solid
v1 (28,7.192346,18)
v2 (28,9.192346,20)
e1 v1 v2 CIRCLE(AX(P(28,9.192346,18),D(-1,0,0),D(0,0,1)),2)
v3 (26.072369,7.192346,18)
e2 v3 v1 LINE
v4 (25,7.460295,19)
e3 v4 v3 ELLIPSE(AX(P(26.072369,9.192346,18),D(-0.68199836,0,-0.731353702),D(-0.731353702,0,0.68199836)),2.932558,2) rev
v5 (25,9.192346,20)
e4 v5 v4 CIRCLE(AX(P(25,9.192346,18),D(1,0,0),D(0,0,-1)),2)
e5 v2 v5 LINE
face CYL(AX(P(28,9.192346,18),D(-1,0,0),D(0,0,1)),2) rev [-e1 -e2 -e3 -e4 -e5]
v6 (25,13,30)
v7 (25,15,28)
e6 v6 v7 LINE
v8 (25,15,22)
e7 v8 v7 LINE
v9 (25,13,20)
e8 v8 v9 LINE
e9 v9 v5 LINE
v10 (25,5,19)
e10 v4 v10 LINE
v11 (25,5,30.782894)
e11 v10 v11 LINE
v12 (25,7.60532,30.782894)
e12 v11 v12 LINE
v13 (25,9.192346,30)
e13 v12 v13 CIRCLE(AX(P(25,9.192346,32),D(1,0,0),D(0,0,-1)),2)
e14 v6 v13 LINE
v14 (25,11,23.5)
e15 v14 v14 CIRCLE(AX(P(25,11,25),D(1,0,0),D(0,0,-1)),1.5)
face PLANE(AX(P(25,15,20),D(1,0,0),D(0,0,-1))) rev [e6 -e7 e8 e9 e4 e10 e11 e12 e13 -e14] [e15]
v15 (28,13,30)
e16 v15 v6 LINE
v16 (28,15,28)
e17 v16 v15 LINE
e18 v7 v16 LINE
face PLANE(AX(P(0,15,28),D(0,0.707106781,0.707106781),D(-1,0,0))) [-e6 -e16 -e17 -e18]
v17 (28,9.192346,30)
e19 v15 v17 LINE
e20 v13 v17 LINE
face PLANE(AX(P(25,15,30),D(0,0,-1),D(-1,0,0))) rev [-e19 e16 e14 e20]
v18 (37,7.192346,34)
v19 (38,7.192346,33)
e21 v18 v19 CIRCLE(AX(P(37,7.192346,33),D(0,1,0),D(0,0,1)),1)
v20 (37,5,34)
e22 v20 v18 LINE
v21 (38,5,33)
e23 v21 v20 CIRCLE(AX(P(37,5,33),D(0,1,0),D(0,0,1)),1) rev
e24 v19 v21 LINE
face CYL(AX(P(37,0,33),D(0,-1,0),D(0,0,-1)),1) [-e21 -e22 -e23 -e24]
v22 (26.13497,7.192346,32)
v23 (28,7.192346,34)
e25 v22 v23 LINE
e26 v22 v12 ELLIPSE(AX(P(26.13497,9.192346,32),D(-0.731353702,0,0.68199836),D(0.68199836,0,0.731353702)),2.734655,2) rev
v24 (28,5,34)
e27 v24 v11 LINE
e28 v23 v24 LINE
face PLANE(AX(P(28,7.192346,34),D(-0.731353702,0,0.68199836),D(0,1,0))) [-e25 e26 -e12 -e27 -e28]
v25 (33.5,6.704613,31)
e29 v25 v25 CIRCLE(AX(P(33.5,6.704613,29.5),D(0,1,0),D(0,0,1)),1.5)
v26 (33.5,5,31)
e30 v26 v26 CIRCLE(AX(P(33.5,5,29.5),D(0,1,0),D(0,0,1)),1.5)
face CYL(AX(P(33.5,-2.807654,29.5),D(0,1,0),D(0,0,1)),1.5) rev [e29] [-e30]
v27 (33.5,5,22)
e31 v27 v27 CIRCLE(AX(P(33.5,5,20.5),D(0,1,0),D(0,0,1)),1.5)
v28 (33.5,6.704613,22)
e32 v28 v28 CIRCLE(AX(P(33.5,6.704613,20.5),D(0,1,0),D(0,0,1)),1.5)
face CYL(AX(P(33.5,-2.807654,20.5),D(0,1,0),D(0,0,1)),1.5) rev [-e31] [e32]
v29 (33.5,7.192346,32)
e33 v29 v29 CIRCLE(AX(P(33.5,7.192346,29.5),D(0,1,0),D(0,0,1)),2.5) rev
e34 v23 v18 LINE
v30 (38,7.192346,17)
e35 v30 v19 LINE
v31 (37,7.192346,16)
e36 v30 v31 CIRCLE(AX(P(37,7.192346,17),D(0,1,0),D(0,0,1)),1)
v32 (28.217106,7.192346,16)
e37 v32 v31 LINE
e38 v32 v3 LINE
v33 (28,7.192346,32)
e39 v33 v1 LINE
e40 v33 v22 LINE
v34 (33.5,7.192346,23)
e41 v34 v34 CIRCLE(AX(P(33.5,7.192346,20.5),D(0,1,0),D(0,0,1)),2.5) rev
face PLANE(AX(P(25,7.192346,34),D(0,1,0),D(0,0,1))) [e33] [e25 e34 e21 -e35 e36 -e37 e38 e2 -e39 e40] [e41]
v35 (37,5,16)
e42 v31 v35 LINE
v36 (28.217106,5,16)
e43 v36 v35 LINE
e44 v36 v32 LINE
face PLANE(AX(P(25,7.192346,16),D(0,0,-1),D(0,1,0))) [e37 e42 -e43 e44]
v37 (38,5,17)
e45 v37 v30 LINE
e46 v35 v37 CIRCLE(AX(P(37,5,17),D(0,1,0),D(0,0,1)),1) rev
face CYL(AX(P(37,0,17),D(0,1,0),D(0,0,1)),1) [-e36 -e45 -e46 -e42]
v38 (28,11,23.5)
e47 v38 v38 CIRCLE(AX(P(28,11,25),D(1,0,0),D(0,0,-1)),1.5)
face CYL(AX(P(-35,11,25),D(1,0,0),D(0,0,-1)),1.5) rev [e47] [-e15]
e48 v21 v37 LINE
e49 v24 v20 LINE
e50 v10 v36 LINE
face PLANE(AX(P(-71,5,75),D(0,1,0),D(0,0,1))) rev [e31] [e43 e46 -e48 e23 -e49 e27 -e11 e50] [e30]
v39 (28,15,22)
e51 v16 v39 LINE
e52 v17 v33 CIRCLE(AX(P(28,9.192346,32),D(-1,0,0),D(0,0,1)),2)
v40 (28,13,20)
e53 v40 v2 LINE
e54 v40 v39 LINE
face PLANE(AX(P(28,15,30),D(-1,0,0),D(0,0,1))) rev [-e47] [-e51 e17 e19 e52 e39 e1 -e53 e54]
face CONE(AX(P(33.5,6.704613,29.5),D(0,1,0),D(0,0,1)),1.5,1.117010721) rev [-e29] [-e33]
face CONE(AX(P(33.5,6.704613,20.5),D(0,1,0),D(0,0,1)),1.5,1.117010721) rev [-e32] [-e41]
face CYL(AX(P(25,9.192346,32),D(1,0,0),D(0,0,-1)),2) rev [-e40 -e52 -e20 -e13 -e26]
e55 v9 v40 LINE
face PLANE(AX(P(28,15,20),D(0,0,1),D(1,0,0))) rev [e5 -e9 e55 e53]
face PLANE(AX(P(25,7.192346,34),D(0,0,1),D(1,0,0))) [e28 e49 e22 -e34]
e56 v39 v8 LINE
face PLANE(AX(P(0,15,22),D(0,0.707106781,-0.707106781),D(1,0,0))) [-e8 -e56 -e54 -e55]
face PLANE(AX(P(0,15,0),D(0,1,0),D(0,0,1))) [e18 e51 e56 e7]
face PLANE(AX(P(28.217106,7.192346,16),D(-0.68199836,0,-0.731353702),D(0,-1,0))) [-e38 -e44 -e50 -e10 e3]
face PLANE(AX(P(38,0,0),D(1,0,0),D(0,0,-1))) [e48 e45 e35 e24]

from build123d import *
from OCP.BRepFilletAPI import BRepFilletAPI_MakeChamfer

# Parameters (mm, degrees)
SKETCH1_W                = 70
SKETCH1_H                = 150
BOSS_EXTRUDE1_DEPTH      = 5
SKETCH2_W                = 4
SKETCH2_H                = 15
BOSS_EXTRUDE2_DEPTH      = 15
BOSS_EXTRUDE3_REACH      = 89.321
SKETCH3_R                = 3
CHAMFER1_SIZE            = 4
CHAMFER2_SIZE            = 4
CHAMFER3_SIZE            = 4
CHAMFER4_SIZE            = 10
CHAMFER5_SIZE            = 20
SKETCH4_W                = 3
SKETCH4_H                = 10
BOSS_EXTRUDE4_DEPTH      = 10
CHAMFER6_SIZE            = 2
SKETCH5_R                = 1.5
CUT_EXTRUDE1_DEPTH       = 100.969995499
CUT_EXTRUDE2_DEPTH       = 106
BOSS_EXTRUDE5_DEPTH      = 10
BOSS_EXTRUDE5_DEPTH_BACK = 3
SKETCH7_W                = 18
SKETCH7_H                = 2.192346064
CHAMFER7_SIZE            = 3
CHAMFER7_SIZE2           = 3.21710613
FILLET1_R                = 2
SKETCH8_R                = 1.5
CUT_EXTRUDE3_DEPTH       = 10
CHAMFER8_SIZE            = 1
CHAMFER8_SIZE2           = 0.487732589
FILLET2_R                = 1
SKETCH9_W                = 23.659390011
SKETCH9_H                = 22.018276252
CUT_EXTRUDE4_DEPTH       = 20


with BuildPart() as part:
    # Sketch1 → Boss-Extrude1 (new body)
    with BuildSketch(Plane(origin=(0, 0, 0), x_dir=(1, 0, 0), z_dir=(0, 1, 0))):
        Rectangle(SKETCH1_W, SKETCH1_H)
    extrude(amount=BOSS_EXTRUDE1_DEPTH)

    # Sketch2 → Boss-Extrude2 (add)
    with BuildSketch(Plane(origin=(0, 5, 0), x_dir=(1, 0, 0), z_dir=(0, 1, 0))):
        with Locations((-7, 62.5)):
            Rectangle(SKETCH2_W, SKETCH2_H)
        with Locations((7, 62.5)):
            Rectangle(SKETCH2_W, SKETCH2_H)
    extrude(amount=BOSS_EXTRUDE2_DEPTH)

    # Sketch3 → Boss-Extrude3 (add, up to next)
    with BuildSketch(Plane(origin=(-5, 0, 0), x_dir=(0, 0, -1), z_dir=(1, 0, 0)), mode=Mode.PRIVATE) as boss_extrude3_sk1:
        with Locations(Location((62.5, 12.5, 0), (0, 0, 180))):
            Circle(SKETCH3_R)
    boss_extrude3_tool1 = extrude(boss_extrude3_sk1.sketch, amount=BOSS_EXTRUDE3_REACH, mode=Mode.PRIVATE) - part.part
    add(boss_extrude3_tool1.solids().sort_by_distance((-5, 12.5, -62.5))[0])

    # Chamfer1
    chamfer1_edges = [part.edges().sort_by_distance(p)[0] for p in [
        (-7, 20, -70),
        (-7, 20, -55),
        (7, 20, -70),
        (7, 20, -55),
    ]]
    chamfer(chamfer1_edges, length=CHAMFER1_SIZE)

    # Chamfer2
    chamfer2_edges = [part.edges().sort_by_distance(p)[0] for p in [
        (-7, 5, -70),
        (-7, 5, -55),
        (7, 5, -70),
        (7, 5, -55),
    ]]
    chamfer(chamfer2_edges, length=CHAMFER2_SIZE)

    # Chamfer3
    chamfer3_edges = [part.edges().sort_by_distance(p)[0] for p in [
        (9, 5, -62.5),
        (-9, 5, -62.5),
    ]]
    chamfer(chamfer3_edges, length=CHAMFER3_SIZE)

    # Chamfer4
    chamfer4_edges = [part.edges().sort_by_distance(p)[0] for p in [
        (-35, 2.5, -75),
        (35, 2.5, -75),
    ]]
    chamfer(chamfer4_edges, length=CHAMFER4_SIZE)

    # Chamfer5
    chamfer5_edges = [part.edges().sort_by_distance(p)[0] for p in [
        (35, 2.5, 75),
        (-35, 2.5, 75),
    ]]
    chamfer(chamfer5_edges, length=CHAMFER5_SIZE)

    # Sketch4 → Boss-Extrude4 (add)
    with BuildSketch(Plane(origin=(0, 5, 0), x_dir=(1, 0, 0), z_dir=(0, 1, 0))):
        with Locations((26.5, -25)):
            Rectangle(SKETCH4_W, SKETCH4_H)
        with Locations((-26.5, -25)):
            Rectangle(SKETCH4_W, SKETCH4_H)
    extrude(amount=BOSS_EXTRUDE4_DEPTH)

    # Chamfer6
    chamfer6_edges = [part.edges().sort_by_distance(p)[0] for p in [
        (26.5, 15, 20),
        (26.5, 15, 30),
        (-26.5, 15, 20),
        (-26.5, 15, 30),
    ]]
    chamfer(chamfer6_edges, length=CHAMFER6_SIZE)

    # Sketch5 → Cut-Extrude1 (cut, through all)
    with BuildSketch(Plane(origin=(28, 0, 0), x_dir=(0, 0, -1), z_dir=(1, 0, 0))):
        with Locations((-25, 11)):
            Circle(SKETCH5_R)
    extrude(amount=-CUT_EXTRUDE1_DEPTH, mode=Mode.SUBTRACT)

    # Sketch6 → Cut-Extrude2 (cut)
    with BuildSketch(Plane(origin=(35, 0, 0), x_dir=(0, 0, -1), z_dir=(1, 0, 0))):
        Polygon((-75, 5), (44.602239444, 5), (44.602239444, 35.253881219), (84.386815395, 35.253881219), (84.386815395, 5), (84.386815395, -21.159404211), (-75, -21.159404211), align=None)
    extrude(amount=-CUT_EXTRUDE2_DEPTH, mode=Mode.SUBTRACT)


with BuildPart() as cut_extrude2_piece_1:
    # of the separate pieces the step leaves, piece 1, a body of its own (cut_extrude2_pieces)
    add(part.part.solids().sort_by_distance((-25, 13, 20))[0])

    # Sketch9 → Cut-Extrude4 (cut)
    with BuildSketch(Plane(origin=(0, 0, 16), x_dir=(-1, 0, 0), z_dir=(0, 0, -1))):
        with Locations((24.129769204, 9.145253251)):
            Rectangle(SKETCH9_W, SKETCH9_H)
    extrude(amount=-CUT_EXTRUDE4_DEPTH, mode=Mode.SUBTRACT)


with BuildPart() as cut_extrude2_piece_2:
    # of the separate pieces the step leaves, piece 2, a body of its own (cut_extrude2_pieces)
    add(part.part.solids().sort_by_distance((25, 13, 20))[0])

    # Sketch7 → Boss-Extrude5 (add, two sides: drawn at the far end of the back side and taken through both)
    with BuildSketch(Plane(origin=(28, 0, 0), x_dir=(0, 0, -1), z_dir=(1, 0, 0)).offset(-BOSS_EXTRUDE5_DEPTH_BACK)):
        with Locations((-25, 6.096173032)):
            Rectangle(SKETCH7_W, SKETCH7_H)
    extrude(amount=BOSS_EXTRUDE5_DEPTH + BOSS_EXTRUDE5_DEPTH_BACK)

    # Chamfer7: one chamfer whose edges measure the first distance from different faces: ONE call of the kernel's chamfer builder (chamfer() names one face for all edges)
    chamfer7_edges_1 = [cut_extrude2_piece_2.edges().sort_by_distance(p)[0] for p in [
        (25, 6.096173032, 34),
    ]]
    chamfer7_side_1 = [cut_extrude2_piece_2.faces().sort_by_distance(p)[0] for p in [
        (31.5, 6.096173032, 34),
    ]]
    chamfer7_edges_2 = [cut_extrude2_piece_2.edges().sort_by_distance(p)[0] for p in [
        (25, 6.096173032, 16),
    ]]
    chamfer7_side_2 = [cut_extrude2_piece_2.faces().sort_by_distance(p)[0] for p in [
        (25, 9.127734828, 25),
    ]]
    chamfer7 = BRepFilletAPI_MakeChamfer(cut_extrude2_piece_2.part.solid().wrapped)
    for e in chamfer7_edges_1:
        chamfer7.Add(CHAMFER7_SIZE, CHAMFER7_SIZE2, e.wrapped, chamfer7_side_1[0].wrapped)  # the first distance lies on this face
    for e in chamfer7_edges_2:
        chamfer7.Add(CHAMFER7_SIZE, CHAMFER7_SIZE2, e.wrapped, chamfer7_side_2[0].wrapped)  # the first distance lies on this face
    add(Compound.cast(chamfer7.Shape()), mode=Mode.REPLACE)

    # Fillet1
    fillet1_edges = [cut_extrude2_piece_2.edges().sort_by_distance(p)[0] for p in [
        (26.5, 7.192346064, 30),
        (26.5, 7.192346064, 20),
    ]]
    fillet(fillet1_edges, radius=FILLET1_R)

    # Sketch8 → Cut-Extrude3 (cut)
    with BuildSketch(Plane(origin=(0, 7.192346064, 0), x_dir=(1, 0, 0), z_dir=(0, 1, 0))):
        with Locations(Location((33.5, -20.5, 0), (0, 0, 270))):
            Circle(SKETCH8_R)
        with Locations(Location((33.5, -29.5, 0), (0, 0, 270))):
            Circle(SKETCH8_R)
    extrude(amount=-CUT_EXTRUDE3_DEPTH, mode=Mode.SUBTRACT)

    # Chamfer8
    chamfer8_edges = [cut_extrude2_piece_2.edges().sort_by_distance(p)[0] for p in [
        (33.5, 7.192346064, 19),
        (33.5, 7.192346064, 28),
    ]]
    chamfer8_side = [cut_extrude2_piece_2.faces().sort_by_distance(p)[0] for p in [
        (32.839348065, 7.192346064, 25.007845187),
    ]]
    chamfer(chamfer8_edges, length=CHAMFER8_SIZE, length2=CHAMFER8_SIZE2, reference=chamfer8_side[0])

    # Fillet2
    fillet2_edges = [cut_extrude2_piece_2.edges().sort_by_distance(p)[0] for p in [
        (38, 6.096173032, 34),
        (38, 6.096173032, 16),
    ]]
    fillet(fillet2_edges, radius=FILLET2_R)


solid = cut_extrude2_piece_2.part
